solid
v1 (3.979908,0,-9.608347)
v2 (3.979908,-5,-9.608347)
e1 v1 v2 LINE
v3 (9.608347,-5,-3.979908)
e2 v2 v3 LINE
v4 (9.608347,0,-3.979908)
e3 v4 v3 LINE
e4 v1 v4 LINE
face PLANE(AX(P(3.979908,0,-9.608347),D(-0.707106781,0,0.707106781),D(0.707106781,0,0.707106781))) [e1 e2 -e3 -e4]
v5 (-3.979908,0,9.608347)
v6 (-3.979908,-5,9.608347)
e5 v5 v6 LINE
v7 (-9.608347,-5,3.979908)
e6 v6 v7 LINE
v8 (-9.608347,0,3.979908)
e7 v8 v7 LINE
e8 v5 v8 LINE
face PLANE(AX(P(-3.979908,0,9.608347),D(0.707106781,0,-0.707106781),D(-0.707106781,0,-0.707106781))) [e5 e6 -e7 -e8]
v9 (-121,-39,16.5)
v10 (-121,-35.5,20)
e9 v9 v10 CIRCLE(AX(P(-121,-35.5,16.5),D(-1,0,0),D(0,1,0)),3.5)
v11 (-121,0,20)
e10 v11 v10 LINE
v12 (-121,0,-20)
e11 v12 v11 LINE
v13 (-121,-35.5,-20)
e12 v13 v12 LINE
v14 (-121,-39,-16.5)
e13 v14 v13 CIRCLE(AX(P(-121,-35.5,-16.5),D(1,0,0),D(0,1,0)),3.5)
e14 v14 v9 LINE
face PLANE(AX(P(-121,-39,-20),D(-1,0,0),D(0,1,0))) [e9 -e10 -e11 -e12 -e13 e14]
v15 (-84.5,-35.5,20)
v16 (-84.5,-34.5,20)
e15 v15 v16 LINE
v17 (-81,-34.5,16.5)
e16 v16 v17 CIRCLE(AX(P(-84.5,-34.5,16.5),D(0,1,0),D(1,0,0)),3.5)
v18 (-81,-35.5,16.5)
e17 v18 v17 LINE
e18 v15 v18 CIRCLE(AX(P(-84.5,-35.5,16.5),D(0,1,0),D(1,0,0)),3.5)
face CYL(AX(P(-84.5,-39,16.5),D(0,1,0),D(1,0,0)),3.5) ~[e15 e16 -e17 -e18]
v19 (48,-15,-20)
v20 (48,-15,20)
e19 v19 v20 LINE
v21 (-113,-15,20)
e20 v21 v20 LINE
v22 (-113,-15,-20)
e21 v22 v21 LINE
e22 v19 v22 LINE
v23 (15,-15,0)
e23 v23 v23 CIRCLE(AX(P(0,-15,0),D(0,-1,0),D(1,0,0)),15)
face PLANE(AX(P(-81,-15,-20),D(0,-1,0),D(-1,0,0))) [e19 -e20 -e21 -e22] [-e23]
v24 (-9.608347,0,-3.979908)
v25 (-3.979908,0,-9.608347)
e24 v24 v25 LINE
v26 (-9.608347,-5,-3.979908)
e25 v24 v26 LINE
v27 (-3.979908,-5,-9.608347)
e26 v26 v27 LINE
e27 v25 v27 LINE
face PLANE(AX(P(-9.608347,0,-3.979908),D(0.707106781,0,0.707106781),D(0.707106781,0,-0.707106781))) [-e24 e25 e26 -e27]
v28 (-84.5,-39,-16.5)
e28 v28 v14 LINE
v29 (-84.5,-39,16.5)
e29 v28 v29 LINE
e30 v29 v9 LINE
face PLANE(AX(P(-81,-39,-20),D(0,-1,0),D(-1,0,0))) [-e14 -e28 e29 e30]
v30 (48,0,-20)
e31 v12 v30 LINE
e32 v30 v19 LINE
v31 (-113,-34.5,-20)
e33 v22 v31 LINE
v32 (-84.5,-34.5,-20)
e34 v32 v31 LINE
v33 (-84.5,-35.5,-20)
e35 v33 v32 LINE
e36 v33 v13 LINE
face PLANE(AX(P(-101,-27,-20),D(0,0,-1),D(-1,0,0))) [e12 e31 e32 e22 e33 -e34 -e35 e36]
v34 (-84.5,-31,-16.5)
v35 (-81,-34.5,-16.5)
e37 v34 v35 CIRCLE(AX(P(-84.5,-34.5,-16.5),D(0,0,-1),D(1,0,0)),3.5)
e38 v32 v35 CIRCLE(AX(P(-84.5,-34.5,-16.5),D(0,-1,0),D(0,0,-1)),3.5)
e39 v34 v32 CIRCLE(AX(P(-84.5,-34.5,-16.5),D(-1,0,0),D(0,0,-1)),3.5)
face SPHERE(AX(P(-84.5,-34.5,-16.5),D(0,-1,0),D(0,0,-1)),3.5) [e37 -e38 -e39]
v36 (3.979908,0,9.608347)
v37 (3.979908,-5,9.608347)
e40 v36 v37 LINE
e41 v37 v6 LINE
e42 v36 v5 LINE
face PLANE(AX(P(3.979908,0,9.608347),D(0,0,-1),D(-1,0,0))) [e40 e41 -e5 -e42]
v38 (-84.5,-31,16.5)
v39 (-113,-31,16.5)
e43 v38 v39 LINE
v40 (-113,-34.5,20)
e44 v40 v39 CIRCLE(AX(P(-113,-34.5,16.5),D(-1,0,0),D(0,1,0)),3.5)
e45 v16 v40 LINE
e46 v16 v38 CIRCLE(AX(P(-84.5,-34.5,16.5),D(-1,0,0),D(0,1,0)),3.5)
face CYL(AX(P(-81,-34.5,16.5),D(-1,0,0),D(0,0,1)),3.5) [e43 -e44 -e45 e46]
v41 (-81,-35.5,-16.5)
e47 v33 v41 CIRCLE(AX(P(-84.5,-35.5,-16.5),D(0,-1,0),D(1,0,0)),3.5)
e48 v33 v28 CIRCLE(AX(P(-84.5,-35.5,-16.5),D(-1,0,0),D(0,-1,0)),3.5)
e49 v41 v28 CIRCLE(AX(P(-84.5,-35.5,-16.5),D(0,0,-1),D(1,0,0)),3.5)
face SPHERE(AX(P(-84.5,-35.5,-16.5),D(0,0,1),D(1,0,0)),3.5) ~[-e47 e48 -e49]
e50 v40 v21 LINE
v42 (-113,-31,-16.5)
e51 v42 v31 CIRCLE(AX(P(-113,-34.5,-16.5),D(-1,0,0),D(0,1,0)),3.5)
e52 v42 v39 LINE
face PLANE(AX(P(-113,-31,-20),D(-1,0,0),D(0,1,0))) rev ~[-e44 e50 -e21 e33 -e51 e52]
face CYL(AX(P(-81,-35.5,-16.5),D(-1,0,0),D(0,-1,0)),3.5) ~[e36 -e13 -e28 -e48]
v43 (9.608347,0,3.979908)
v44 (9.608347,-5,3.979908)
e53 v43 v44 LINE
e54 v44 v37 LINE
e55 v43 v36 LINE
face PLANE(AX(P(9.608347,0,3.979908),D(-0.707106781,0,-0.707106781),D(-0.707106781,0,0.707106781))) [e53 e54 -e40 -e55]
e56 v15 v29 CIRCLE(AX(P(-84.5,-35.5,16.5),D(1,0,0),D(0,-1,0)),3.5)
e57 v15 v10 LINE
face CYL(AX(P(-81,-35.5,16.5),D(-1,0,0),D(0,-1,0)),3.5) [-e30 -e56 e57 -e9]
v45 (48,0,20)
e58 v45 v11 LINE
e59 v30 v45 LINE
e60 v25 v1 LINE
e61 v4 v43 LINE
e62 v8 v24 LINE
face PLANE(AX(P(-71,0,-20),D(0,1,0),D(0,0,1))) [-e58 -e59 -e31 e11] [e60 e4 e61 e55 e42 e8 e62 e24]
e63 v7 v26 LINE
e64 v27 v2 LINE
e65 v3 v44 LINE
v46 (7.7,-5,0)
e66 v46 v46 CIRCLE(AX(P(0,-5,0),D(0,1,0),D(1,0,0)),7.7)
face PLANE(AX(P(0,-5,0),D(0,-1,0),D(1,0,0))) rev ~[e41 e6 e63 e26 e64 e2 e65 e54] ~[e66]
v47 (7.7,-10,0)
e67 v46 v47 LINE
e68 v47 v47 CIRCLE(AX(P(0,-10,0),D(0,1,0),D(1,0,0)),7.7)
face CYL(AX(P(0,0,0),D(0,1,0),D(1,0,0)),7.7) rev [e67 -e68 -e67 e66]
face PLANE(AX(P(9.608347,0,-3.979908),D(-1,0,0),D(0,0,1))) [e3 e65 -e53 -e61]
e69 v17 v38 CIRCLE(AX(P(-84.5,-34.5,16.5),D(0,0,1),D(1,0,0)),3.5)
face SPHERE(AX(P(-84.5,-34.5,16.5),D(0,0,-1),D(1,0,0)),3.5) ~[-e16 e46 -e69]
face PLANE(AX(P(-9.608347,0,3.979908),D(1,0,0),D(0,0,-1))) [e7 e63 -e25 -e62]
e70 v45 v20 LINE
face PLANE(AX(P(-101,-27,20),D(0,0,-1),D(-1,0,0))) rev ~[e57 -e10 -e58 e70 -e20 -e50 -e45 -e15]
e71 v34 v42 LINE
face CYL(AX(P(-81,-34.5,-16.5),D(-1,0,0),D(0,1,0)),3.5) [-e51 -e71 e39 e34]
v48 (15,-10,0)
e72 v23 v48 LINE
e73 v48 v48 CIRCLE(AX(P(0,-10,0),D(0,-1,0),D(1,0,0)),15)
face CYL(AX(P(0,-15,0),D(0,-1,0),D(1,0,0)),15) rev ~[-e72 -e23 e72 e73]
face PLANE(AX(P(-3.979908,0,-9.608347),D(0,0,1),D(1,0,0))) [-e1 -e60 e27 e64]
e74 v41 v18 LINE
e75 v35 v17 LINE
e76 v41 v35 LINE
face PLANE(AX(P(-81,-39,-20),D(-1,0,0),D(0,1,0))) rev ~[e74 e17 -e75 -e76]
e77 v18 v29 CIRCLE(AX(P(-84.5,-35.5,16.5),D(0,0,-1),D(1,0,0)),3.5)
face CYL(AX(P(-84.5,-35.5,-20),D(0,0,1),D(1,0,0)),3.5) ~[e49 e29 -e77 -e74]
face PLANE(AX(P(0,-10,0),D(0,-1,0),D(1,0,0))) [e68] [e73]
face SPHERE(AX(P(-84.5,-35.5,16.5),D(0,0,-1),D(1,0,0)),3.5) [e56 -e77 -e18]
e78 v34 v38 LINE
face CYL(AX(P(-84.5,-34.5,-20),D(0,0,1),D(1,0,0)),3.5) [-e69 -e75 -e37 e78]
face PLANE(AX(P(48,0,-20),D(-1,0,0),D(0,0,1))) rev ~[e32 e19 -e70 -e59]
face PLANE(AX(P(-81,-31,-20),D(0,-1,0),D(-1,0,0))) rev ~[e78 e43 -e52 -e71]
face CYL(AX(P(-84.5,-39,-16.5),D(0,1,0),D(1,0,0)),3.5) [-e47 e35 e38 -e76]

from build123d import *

# Parameters (mm, degrees)
SKETCH076_W             = 40
SKETCH076_H             = 15
PAD026_DEPTH            = 50
SKETCH078_W             = 40
SKETCH078_H             = 24
PAD027_DEPTH            = 40
SKETCH079_W             = 32
SKETCH079_H             = 16
POCKET046_DEPTH         = 40.001
FILLET010_R             = 3.5
BODY011_ROLL_ANGLE      = 90
BODY011_PLACEMENT_ANGLE = 180
SKETCH057_W             = 120
SKETCH057_H             = 40
PAD021_DEPTH            = 15
SKETCH058_R             = 15
POCKET034_DEPTH         = 5
POCKET035_DEPTH         = 5
SKETCH060_R             = 7.7
POCKET036_DEPTH         = 15.001


with BuildPart() as extensionb:
    # Sketch076 → Pad026 (new body)
    with BuildSketch(Plane.YZ):
        with Locations((20, 7.5)):
            Rectangle(SKETCH076_W, SKETCH076_H)
    extrude(amount=PAD026_DEPTH)

    # Sketch078 → Pad027 (join)
    with BuildSketch(Plane.XZ):
        with Locations((30, -12)):
            Rectangle(SKETCH078_W, SKETCH078_H)
    extrude(amount=-PAD027_DEPTH)

    # Sketch079 → Pocket046 (cut, through all)
    with BuildSketch(Plane.XZ):
        with Locations((26, -8)):
            Rectangle(SKETCH079_W, SKETCH079_H)
    extrude(amount=-POCKET046_DEPTH, mode=Mode.SUBTRACT)

    # Fillet010
    fillet010_edges = [extensionb.edges().sort_by_distance(p)[0] for p in [
        (10, 20, -24),
        (10, 0, -20),
        (26, 0, -16),
        (30, 0, -24),
        (10, 20, -16),
        (10, 40, -20),
        (30, 40, -24),
        (26, 40, -16),
    ]]
    fillet(fillet010_edges, radius=FILLET010_R)


with BuildPart() as extensionb_1:
    # Body011 roll: moved
    add(extensionb.part.rotate(Axis((0, 0, 0), (1, 0, 0)), BODY011_ROLL_ANGLE))


with BuildPart() as extensionb_2:
    # Body011 placement: moved
    add(extensionb_1.part.moved(Location((-71, -15, -20))).rotate(Axis((-71, -15, -20), (0, 0, 1)), BODY011_PLACEMENT_ANGLE))


with BuildPart() as bracket_b:
    # Sketch057 → Pad021 (new body)
    with BuildSketch(Plane.XZ):
        with Locations((-12, 0)):
            Rectangle(SKETCH057_W, SKETCH057_H)
    extrude(amount=PAD021_DEPTH)

    # Sketch058 (on Face6 of Pad021) → Pocket034 (cut)
    with BuildSketch(Plane.XZ.offset(15)):
        Circle(SKETCH058_R)
    extrude(amount=-POCKET034_DEPTH, mode=Mode.SUBTRACT)

    # Sketch059 → Pocket035 (cut)
    with BuildSketch(Plane.XZ):
        Polygon((9.608347, 3.979908), (3.979908, 9.608347), (-3.979908, 9.608347), (-9.608347, 3.979908), (-9.608347, -3.979908), (-3.979908, -9.608347), (3.979908, -9.608347), (9.608347, -3.979908), align=None)
    extrude(amount=POCKET035_DEPTH, mode=Mode.SUBTRACT)

    # Sketch060 → Pocket036 (cut, through all)
    with BuildSketch(Plane.XZ):
        Circle(SKETCH060_R)
    extrude(amount=POCKET036_DEPTH, mode=Mode.SUBTRACT)

    # Boolean: union extensionB
    add(extensionb_2.part)


solid = bracket_b.part
